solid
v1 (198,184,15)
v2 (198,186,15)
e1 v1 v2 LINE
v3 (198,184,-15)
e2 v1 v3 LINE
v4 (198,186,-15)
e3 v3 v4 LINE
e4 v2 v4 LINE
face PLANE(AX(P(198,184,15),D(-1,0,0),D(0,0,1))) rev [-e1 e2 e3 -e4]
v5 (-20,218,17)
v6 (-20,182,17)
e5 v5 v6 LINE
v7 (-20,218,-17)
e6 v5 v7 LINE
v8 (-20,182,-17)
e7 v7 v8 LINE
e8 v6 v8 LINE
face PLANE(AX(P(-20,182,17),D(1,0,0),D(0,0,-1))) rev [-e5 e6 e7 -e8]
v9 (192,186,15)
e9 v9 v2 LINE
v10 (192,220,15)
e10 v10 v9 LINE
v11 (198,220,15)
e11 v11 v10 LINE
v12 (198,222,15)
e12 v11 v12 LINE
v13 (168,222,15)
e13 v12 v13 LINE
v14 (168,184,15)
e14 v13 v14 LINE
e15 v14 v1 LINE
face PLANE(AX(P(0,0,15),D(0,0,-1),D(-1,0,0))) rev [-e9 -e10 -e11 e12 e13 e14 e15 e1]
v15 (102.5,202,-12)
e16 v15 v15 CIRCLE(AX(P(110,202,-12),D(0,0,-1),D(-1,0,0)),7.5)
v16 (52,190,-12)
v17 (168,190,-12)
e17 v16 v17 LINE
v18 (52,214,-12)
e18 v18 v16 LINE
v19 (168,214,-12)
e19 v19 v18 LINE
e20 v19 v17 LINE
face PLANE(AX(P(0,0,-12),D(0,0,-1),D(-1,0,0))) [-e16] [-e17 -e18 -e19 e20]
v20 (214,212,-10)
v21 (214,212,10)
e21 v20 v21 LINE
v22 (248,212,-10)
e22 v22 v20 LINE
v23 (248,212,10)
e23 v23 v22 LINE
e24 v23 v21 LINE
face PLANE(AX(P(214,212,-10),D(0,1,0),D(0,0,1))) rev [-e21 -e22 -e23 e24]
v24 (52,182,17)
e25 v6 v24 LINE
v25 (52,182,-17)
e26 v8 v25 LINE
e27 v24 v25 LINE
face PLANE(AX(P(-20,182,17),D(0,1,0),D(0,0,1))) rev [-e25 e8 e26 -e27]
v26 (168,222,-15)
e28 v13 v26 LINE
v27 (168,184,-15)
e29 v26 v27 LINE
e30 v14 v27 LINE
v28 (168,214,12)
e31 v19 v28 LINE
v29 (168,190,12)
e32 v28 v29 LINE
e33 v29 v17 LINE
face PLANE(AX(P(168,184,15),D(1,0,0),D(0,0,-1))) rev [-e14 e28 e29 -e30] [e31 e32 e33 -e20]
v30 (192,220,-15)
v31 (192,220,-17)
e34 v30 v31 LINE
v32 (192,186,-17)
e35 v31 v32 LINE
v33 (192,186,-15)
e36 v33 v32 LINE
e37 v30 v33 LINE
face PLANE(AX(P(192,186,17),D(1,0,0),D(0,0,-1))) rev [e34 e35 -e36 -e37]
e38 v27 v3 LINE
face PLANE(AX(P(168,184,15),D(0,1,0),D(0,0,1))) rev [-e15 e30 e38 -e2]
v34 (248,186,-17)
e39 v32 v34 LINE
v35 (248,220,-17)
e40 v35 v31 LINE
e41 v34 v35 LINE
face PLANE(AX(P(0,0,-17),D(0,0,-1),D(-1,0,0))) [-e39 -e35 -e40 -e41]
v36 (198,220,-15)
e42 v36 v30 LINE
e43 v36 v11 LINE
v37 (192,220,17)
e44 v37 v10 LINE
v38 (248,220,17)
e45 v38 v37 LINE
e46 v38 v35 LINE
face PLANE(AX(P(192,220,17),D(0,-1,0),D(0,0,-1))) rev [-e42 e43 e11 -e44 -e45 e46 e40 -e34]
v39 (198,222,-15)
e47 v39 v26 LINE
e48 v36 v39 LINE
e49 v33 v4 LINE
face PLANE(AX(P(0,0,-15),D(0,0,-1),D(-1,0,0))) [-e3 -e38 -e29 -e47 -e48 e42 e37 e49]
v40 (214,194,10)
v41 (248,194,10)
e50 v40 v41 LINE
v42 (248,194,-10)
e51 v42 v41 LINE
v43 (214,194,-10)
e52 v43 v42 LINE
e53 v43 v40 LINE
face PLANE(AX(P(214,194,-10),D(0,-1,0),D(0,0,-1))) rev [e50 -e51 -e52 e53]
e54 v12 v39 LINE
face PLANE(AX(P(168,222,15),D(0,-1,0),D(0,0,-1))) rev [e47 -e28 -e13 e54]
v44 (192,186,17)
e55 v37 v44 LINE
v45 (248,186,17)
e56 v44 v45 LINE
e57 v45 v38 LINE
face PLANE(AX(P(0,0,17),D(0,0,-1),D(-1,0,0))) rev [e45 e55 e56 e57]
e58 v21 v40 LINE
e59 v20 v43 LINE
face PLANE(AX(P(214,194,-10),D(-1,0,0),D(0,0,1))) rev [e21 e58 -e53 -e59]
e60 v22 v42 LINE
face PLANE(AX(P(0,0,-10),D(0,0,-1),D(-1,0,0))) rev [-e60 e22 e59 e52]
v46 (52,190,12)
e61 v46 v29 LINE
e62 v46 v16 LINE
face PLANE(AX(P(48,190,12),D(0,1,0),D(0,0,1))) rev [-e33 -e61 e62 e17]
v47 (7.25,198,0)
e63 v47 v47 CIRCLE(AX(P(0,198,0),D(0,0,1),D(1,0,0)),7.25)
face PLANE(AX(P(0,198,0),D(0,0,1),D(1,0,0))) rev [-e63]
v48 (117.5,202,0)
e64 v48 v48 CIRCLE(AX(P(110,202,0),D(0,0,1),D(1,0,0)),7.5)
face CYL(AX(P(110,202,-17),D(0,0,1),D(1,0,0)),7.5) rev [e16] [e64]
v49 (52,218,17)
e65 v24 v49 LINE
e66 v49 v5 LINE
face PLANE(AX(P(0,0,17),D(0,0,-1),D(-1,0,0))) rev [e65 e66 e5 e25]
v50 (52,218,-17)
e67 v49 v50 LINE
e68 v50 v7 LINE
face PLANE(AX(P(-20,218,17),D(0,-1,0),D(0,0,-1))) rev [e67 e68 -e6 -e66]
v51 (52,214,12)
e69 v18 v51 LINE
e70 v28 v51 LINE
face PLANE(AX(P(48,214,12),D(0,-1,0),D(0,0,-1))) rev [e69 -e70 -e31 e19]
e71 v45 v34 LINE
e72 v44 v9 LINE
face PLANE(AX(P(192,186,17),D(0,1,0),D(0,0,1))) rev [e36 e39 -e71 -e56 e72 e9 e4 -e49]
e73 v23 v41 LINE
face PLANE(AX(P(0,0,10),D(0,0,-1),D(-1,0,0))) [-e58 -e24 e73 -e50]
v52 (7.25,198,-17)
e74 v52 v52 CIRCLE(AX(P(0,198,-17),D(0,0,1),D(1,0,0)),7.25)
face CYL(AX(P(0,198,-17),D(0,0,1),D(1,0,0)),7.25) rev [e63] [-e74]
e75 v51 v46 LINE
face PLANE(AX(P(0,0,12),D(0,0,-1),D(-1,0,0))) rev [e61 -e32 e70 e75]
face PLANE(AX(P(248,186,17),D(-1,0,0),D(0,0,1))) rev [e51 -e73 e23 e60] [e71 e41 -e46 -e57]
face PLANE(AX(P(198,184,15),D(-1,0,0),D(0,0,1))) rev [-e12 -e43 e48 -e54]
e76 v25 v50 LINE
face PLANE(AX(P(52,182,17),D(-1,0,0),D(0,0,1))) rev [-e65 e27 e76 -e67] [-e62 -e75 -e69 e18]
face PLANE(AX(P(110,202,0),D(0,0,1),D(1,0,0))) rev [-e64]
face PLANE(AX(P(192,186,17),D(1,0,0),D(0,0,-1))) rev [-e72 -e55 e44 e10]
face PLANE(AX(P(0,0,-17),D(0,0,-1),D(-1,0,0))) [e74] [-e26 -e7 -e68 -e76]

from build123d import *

# Parameters (mm, degrees)
SKETCH1_W           = 72
SKETCH1_H           = 36
BOSS_EXTRUDE1_DEPTH = 17
SKETCH2_W           = 124
SKETCH2_H           = 24
BOSS_EXTRUDE2_DEPTH = 12
SKETCH3_W           = 30
SKETCH3_H           = 38
BOSS_EXTRUDE3_DEPTH = 15
SKETCH4_W           = 56
SKETCH4_H           = 34
BOSS_EXTRUDE4_DEPTH = 17
SKETCH5_W           = 38
SKETCH5_H           = 18
CUT_EXTRUDE1_DEPTH  = 10
SKETCH6_R           = 7.25
CUT_EXTRUDE2_DEPTH  = 334.282162739
SKETCH7_R           = 7.5
CUT_EXTRUDE3_DEPTH  = 334.282162739


with BuildPart() as part:
    # Sketch1 → Boss-Extrude1 (new, symmetric)
    with BuildSketch(Plane.XY):
        with Locations((16, 200)):
            Rectangle(SKETCH1_W, SKETCH1_H)
    extrude(amount=BOSS_EXTRUDE1_DEPTH, both=True)

    # Sketch2 → Boss-Extrude2 (add, symmetric)
    with BuildSketch(Plane.XY):
        with Locations((110, 202)):
            Rectangle(SKETCH2_W, SKETCH2_H)
    extrude(amount=BOSS_EXTRUDE2_DEPTH, both=True)

    # Sketch3 → Boss-Extrude3 (add, symmetric)
    with BuildSketch(Plane.XY):
        with Locations((183, 203)):
            Rectangle(SKETCH3_W, SKETCH3_H)
    extrude(amount=BOSS_EXTRUDE3_DEPTH, both=True)

    # Sketch4 → Boss-Extrude4 (add, symmetric)
    with BuildSketch(Plane.XY):
        with Locations((220, 203)):
            Rectangle(SKETCH4_W, SKETCH4_H)
    extrude(amount=BOSS_EXTRUDE4_DEPTH, both=True)

    # Sketch5 → Cut-Extrude1 (cut, symmetric)
    with BuildSketch(Plane.XY):
        with Locations((233, 203)):
            Rectangle(SKETCH5_W, SKETCH5_H)
    extrude(amount=CUT_EXTRUDE1_DEPTH, both=True, mode=Mode.SUBTRACT)

    # Sketch6 → Cut-Extrude2 (cut, through all)
    with BuildSketch(Plane.XY):
        with Locations((0, 198)):
            Circle(SKETCH6_R)
    extrude(amount=-CUT_EXTRUDE2_DEPTH, mode=Mode.SUBTRACT)

    # Sketch7 → Cut-Extrude3 (cut, through all)
    with BuildSketch(Plane.XY):
        with Locations((110, 202)):
            Circle(SKETCH7_R)
    extrude(amount=-CUT_EXTRUDE3_DEPTH, mode=Mode.SUBTRACT)


solid = part.part
